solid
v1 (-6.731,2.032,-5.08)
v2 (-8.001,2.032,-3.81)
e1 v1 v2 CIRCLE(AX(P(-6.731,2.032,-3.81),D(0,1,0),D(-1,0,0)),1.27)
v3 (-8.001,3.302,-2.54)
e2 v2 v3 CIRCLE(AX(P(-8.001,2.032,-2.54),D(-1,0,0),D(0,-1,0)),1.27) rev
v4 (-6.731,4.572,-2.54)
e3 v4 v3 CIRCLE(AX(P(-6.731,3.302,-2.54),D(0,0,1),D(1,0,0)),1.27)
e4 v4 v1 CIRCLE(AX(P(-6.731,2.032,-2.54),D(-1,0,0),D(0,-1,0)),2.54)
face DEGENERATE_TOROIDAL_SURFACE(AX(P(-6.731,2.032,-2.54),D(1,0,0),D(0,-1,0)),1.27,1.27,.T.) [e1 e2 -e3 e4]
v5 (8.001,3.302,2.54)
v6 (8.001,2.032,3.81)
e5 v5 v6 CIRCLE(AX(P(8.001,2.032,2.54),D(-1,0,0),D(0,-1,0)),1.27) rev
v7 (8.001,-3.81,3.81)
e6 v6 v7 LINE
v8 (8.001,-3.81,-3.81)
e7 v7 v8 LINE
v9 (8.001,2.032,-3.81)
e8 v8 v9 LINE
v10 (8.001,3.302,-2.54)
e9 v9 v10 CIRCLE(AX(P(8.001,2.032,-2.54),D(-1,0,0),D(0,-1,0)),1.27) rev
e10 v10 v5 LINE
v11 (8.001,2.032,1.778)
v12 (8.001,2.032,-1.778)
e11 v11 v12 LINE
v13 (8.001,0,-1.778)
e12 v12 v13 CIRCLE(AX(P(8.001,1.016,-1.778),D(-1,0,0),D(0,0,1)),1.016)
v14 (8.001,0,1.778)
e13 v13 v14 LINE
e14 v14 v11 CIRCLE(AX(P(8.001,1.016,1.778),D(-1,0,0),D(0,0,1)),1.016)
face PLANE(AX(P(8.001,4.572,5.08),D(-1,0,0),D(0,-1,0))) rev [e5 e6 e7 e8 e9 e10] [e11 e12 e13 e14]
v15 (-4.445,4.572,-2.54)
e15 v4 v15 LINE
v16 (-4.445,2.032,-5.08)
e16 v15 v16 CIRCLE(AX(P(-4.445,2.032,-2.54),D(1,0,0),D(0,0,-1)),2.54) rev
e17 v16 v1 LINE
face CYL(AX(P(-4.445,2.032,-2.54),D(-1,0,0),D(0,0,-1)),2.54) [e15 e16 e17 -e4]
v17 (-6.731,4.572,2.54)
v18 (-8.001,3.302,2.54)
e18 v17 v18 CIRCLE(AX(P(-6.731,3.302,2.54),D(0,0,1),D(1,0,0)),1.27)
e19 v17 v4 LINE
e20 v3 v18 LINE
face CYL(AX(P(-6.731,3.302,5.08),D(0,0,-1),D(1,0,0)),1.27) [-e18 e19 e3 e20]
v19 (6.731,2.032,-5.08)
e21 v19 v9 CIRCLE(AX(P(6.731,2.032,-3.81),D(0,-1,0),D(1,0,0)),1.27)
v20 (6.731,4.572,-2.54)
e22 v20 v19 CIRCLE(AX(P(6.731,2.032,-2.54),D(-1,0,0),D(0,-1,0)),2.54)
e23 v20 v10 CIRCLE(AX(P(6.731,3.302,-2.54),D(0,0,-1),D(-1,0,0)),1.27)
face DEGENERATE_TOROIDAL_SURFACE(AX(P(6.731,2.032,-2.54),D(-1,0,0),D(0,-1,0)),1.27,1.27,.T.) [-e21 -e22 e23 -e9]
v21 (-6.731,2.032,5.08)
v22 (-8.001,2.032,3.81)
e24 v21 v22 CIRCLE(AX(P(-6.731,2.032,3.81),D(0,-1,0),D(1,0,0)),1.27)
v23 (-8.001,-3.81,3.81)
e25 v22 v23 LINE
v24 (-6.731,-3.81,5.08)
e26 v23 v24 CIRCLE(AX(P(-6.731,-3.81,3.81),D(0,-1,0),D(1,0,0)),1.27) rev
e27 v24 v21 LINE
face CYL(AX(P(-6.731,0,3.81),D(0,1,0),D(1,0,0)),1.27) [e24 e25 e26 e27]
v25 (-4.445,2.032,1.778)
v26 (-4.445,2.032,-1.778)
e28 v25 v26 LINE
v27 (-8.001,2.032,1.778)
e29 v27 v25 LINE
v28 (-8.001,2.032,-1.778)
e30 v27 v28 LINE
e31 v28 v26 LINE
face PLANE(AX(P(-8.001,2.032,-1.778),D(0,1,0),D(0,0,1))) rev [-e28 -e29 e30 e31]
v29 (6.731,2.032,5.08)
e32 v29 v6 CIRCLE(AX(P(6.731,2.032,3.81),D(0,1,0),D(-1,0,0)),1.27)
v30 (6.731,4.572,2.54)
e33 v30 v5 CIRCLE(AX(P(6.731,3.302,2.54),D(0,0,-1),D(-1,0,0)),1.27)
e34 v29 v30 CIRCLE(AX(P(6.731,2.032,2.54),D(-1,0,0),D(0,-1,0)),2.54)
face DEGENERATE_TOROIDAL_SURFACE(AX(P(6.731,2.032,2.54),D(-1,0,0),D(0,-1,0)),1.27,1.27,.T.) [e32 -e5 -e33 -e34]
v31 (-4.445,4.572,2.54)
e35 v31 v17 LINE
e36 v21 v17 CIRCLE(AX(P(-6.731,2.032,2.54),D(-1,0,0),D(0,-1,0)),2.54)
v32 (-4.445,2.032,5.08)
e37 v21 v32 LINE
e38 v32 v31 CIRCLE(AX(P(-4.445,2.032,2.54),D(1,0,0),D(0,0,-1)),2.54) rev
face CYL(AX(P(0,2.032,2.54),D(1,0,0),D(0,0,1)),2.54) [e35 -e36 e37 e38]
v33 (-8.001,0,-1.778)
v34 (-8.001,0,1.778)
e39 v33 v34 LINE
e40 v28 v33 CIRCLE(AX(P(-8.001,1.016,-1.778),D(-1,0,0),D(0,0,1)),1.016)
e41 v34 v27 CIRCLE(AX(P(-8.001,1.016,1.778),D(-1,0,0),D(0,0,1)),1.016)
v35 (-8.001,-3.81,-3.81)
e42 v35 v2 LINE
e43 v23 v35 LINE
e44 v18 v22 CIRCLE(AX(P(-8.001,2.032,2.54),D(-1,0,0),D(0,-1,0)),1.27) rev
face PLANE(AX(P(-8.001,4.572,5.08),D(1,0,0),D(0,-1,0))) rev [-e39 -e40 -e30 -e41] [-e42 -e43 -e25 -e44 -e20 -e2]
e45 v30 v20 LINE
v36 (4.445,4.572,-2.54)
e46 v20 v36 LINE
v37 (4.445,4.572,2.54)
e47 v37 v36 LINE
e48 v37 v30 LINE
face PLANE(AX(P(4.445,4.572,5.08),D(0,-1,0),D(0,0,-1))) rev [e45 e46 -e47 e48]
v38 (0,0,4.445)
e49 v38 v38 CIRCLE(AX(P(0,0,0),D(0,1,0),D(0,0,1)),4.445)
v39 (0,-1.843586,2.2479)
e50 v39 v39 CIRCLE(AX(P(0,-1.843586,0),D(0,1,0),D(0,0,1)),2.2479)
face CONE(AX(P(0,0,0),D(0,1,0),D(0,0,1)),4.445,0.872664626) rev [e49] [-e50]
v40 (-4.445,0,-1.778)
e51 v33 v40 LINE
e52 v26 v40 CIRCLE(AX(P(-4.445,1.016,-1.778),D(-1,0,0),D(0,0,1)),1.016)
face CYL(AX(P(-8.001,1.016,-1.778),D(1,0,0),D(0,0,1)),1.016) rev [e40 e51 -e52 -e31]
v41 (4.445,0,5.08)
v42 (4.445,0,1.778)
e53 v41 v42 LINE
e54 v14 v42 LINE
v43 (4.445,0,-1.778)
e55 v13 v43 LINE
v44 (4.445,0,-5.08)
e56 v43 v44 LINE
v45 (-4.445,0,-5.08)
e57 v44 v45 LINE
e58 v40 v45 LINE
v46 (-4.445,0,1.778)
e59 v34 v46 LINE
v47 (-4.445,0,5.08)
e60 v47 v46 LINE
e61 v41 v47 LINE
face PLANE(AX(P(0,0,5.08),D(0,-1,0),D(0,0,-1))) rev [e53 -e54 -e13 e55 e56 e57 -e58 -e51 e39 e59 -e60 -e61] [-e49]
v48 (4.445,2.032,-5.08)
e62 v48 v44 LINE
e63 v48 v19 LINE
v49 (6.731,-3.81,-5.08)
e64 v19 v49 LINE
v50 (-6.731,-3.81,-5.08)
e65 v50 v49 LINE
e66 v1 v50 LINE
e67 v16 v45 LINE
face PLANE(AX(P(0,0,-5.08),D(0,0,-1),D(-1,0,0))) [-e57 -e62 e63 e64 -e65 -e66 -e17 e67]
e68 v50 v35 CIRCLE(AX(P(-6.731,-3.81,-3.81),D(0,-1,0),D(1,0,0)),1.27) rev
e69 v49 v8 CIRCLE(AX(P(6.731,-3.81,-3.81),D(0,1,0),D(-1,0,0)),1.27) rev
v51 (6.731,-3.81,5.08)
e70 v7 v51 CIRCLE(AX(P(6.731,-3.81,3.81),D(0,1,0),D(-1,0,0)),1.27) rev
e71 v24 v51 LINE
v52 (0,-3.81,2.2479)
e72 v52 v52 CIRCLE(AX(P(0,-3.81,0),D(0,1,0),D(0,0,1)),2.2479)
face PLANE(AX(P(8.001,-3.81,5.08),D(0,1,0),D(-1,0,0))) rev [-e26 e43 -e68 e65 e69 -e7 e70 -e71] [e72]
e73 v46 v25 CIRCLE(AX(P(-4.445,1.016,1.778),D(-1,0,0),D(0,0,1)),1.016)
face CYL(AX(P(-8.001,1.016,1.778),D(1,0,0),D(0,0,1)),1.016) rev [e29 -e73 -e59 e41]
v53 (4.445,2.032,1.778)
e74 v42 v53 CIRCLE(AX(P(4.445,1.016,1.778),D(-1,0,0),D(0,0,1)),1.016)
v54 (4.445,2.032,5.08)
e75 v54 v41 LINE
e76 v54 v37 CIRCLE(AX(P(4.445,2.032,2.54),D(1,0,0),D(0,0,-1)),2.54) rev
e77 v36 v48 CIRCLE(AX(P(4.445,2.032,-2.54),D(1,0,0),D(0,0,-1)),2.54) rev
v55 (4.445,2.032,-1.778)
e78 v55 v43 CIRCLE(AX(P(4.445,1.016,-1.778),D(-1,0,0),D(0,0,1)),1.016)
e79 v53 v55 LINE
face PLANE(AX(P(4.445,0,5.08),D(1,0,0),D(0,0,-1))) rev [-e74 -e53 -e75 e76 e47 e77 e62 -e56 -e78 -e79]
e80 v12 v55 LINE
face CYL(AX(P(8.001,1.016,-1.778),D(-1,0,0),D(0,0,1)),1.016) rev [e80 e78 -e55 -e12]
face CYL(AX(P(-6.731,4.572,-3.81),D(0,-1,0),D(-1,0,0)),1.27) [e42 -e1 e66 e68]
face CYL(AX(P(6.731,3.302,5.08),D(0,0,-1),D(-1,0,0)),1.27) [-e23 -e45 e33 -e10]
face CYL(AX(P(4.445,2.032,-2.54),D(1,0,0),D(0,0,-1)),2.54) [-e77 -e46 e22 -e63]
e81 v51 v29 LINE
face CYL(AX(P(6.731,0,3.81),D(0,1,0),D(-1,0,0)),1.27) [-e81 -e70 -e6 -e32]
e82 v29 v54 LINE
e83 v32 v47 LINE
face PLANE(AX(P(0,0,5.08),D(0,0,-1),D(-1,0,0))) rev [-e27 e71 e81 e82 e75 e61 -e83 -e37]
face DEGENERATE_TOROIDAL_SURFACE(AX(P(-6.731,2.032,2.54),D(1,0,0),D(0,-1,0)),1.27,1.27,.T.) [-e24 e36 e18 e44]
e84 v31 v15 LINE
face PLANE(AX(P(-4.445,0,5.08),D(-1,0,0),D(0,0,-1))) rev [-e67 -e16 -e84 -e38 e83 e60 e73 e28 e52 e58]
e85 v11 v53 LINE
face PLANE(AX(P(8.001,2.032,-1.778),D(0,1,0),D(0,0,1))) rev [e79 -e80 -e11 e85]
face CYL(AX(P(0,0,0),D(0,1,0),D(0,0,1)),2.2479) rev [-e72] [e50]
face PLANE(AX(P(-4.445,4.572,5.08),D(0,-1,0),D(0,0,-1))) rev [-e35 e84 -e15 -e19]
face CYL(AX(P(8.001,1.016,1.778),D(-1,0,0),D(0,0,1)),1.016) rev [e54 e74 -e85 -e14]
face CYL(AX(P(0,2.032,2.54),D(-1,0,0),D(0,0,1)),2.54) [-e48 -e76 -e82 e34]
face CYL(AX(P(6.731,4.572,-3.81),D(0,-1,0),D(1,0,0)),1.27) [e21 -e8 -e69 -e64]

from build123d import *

# Parameters (mm, degrees)
BOSS_EXTRUDE2_DEPTH                               = 5.08
CSK_FOR_8_FLAT_HEAD_MACHINE_SCREW_100_D           = 4.4958
CSK_FOR_8_FLAT_HEAD_MACHINE_SCREW_100_CSINK_D     = 8.89
CSK_FOR_8_FLAT_HEAD_MACHINE_SCREW_100_CSINK_ANGLE = 100
CUT_EXTRUDE1_DEPTH                                = 4.556
FILLET1_R                                         = 2.54
FILLET2_R                                         = 1.27


with BuildPart() as part:
    # Sketch4 → Boss-Extrude2 (new body, symmetric)
    with BuildSketch(Plane.XY):
        Polygon((0, 0), (4.445, 0), (4.445, 4.572), (8.001, 4.572), (8.001, -3.81), (0, -3.81), align=None)
    extrude(amount=BOSS_EXTRUDE2_DEPTH, both=True)

    # CSK for #8 Flat Head Machine Screw (100)2 (through all)
    with Locations(Plane(origin=(0, 0, 0), x_dir=(1, 0, 0), z_dir=(0, 1, 0))):
        with Locations((0, 0)):
            CounterSinkHole(CSK_FOR_8_FLAT_HEAD_MACHINE_SCREW_100_D / 2, CSK_FOR_8_FLAT_HEAD_MACHINE_SCREW_100_CSINK_D / 2, counter_sink_angle=CSK_FOR_8_FLAT_HEAD_MACHINE_SCREW_100_CSINK_ANGLE)

    # Sketch7 → Cut-Extrude1 (cut, through all)
    with BuildSketch(Plane.ZY.offset(-4.445)):
        with BuildLine():
            Line((-1.778, 2.032), (1.778, 2.032))
            ThreePointArc((1.778, 2.032), (2.794, 1.016), (1.778, 0))
            Line((1.778, 0), (-1.778, 0))
            ThreePointArc((-1.778, 0), (-2.794, 1.016), (-1.778, 2.032))
        make_face()
    extrude(amount=-CUT_EXTRUDE1_DEPTH, mode=Mode.SUBTRACT)

    # Fillet1
    fillet1_edges = [part.edges().sort_by_distance(p)[0] for p in [
        (6.223, 4.572, 5.08),
        (6.223, 4.572, -5.08),
    ]]
    fillet(fillet1_edges, radius=FILLET1_R)

    # Fillet2
    fillet2_edges = [part.edges().sort_by_distance(p)[0] for p in [
        (8.001, -0.889, 5.08),
        (8.001, 4.572, 0),
        (8.001, 3.828051224, 4.336051224),
        (8.001, 3.828051224, -4.336051224),
        (8.001, -0.889, -5.08),
    ]]
    fillet(fillet2_edges, radius=FILLET2_R)

    # Mirror2: part across plane


with BuildPart() as part_1:
    add(part.part)
    add(part.part.mirror(Plane(origin=(0, 0, 0), x_dir=(0, 0, 1), z_dir=(1, 0, 0))))


solid = part_1.part
